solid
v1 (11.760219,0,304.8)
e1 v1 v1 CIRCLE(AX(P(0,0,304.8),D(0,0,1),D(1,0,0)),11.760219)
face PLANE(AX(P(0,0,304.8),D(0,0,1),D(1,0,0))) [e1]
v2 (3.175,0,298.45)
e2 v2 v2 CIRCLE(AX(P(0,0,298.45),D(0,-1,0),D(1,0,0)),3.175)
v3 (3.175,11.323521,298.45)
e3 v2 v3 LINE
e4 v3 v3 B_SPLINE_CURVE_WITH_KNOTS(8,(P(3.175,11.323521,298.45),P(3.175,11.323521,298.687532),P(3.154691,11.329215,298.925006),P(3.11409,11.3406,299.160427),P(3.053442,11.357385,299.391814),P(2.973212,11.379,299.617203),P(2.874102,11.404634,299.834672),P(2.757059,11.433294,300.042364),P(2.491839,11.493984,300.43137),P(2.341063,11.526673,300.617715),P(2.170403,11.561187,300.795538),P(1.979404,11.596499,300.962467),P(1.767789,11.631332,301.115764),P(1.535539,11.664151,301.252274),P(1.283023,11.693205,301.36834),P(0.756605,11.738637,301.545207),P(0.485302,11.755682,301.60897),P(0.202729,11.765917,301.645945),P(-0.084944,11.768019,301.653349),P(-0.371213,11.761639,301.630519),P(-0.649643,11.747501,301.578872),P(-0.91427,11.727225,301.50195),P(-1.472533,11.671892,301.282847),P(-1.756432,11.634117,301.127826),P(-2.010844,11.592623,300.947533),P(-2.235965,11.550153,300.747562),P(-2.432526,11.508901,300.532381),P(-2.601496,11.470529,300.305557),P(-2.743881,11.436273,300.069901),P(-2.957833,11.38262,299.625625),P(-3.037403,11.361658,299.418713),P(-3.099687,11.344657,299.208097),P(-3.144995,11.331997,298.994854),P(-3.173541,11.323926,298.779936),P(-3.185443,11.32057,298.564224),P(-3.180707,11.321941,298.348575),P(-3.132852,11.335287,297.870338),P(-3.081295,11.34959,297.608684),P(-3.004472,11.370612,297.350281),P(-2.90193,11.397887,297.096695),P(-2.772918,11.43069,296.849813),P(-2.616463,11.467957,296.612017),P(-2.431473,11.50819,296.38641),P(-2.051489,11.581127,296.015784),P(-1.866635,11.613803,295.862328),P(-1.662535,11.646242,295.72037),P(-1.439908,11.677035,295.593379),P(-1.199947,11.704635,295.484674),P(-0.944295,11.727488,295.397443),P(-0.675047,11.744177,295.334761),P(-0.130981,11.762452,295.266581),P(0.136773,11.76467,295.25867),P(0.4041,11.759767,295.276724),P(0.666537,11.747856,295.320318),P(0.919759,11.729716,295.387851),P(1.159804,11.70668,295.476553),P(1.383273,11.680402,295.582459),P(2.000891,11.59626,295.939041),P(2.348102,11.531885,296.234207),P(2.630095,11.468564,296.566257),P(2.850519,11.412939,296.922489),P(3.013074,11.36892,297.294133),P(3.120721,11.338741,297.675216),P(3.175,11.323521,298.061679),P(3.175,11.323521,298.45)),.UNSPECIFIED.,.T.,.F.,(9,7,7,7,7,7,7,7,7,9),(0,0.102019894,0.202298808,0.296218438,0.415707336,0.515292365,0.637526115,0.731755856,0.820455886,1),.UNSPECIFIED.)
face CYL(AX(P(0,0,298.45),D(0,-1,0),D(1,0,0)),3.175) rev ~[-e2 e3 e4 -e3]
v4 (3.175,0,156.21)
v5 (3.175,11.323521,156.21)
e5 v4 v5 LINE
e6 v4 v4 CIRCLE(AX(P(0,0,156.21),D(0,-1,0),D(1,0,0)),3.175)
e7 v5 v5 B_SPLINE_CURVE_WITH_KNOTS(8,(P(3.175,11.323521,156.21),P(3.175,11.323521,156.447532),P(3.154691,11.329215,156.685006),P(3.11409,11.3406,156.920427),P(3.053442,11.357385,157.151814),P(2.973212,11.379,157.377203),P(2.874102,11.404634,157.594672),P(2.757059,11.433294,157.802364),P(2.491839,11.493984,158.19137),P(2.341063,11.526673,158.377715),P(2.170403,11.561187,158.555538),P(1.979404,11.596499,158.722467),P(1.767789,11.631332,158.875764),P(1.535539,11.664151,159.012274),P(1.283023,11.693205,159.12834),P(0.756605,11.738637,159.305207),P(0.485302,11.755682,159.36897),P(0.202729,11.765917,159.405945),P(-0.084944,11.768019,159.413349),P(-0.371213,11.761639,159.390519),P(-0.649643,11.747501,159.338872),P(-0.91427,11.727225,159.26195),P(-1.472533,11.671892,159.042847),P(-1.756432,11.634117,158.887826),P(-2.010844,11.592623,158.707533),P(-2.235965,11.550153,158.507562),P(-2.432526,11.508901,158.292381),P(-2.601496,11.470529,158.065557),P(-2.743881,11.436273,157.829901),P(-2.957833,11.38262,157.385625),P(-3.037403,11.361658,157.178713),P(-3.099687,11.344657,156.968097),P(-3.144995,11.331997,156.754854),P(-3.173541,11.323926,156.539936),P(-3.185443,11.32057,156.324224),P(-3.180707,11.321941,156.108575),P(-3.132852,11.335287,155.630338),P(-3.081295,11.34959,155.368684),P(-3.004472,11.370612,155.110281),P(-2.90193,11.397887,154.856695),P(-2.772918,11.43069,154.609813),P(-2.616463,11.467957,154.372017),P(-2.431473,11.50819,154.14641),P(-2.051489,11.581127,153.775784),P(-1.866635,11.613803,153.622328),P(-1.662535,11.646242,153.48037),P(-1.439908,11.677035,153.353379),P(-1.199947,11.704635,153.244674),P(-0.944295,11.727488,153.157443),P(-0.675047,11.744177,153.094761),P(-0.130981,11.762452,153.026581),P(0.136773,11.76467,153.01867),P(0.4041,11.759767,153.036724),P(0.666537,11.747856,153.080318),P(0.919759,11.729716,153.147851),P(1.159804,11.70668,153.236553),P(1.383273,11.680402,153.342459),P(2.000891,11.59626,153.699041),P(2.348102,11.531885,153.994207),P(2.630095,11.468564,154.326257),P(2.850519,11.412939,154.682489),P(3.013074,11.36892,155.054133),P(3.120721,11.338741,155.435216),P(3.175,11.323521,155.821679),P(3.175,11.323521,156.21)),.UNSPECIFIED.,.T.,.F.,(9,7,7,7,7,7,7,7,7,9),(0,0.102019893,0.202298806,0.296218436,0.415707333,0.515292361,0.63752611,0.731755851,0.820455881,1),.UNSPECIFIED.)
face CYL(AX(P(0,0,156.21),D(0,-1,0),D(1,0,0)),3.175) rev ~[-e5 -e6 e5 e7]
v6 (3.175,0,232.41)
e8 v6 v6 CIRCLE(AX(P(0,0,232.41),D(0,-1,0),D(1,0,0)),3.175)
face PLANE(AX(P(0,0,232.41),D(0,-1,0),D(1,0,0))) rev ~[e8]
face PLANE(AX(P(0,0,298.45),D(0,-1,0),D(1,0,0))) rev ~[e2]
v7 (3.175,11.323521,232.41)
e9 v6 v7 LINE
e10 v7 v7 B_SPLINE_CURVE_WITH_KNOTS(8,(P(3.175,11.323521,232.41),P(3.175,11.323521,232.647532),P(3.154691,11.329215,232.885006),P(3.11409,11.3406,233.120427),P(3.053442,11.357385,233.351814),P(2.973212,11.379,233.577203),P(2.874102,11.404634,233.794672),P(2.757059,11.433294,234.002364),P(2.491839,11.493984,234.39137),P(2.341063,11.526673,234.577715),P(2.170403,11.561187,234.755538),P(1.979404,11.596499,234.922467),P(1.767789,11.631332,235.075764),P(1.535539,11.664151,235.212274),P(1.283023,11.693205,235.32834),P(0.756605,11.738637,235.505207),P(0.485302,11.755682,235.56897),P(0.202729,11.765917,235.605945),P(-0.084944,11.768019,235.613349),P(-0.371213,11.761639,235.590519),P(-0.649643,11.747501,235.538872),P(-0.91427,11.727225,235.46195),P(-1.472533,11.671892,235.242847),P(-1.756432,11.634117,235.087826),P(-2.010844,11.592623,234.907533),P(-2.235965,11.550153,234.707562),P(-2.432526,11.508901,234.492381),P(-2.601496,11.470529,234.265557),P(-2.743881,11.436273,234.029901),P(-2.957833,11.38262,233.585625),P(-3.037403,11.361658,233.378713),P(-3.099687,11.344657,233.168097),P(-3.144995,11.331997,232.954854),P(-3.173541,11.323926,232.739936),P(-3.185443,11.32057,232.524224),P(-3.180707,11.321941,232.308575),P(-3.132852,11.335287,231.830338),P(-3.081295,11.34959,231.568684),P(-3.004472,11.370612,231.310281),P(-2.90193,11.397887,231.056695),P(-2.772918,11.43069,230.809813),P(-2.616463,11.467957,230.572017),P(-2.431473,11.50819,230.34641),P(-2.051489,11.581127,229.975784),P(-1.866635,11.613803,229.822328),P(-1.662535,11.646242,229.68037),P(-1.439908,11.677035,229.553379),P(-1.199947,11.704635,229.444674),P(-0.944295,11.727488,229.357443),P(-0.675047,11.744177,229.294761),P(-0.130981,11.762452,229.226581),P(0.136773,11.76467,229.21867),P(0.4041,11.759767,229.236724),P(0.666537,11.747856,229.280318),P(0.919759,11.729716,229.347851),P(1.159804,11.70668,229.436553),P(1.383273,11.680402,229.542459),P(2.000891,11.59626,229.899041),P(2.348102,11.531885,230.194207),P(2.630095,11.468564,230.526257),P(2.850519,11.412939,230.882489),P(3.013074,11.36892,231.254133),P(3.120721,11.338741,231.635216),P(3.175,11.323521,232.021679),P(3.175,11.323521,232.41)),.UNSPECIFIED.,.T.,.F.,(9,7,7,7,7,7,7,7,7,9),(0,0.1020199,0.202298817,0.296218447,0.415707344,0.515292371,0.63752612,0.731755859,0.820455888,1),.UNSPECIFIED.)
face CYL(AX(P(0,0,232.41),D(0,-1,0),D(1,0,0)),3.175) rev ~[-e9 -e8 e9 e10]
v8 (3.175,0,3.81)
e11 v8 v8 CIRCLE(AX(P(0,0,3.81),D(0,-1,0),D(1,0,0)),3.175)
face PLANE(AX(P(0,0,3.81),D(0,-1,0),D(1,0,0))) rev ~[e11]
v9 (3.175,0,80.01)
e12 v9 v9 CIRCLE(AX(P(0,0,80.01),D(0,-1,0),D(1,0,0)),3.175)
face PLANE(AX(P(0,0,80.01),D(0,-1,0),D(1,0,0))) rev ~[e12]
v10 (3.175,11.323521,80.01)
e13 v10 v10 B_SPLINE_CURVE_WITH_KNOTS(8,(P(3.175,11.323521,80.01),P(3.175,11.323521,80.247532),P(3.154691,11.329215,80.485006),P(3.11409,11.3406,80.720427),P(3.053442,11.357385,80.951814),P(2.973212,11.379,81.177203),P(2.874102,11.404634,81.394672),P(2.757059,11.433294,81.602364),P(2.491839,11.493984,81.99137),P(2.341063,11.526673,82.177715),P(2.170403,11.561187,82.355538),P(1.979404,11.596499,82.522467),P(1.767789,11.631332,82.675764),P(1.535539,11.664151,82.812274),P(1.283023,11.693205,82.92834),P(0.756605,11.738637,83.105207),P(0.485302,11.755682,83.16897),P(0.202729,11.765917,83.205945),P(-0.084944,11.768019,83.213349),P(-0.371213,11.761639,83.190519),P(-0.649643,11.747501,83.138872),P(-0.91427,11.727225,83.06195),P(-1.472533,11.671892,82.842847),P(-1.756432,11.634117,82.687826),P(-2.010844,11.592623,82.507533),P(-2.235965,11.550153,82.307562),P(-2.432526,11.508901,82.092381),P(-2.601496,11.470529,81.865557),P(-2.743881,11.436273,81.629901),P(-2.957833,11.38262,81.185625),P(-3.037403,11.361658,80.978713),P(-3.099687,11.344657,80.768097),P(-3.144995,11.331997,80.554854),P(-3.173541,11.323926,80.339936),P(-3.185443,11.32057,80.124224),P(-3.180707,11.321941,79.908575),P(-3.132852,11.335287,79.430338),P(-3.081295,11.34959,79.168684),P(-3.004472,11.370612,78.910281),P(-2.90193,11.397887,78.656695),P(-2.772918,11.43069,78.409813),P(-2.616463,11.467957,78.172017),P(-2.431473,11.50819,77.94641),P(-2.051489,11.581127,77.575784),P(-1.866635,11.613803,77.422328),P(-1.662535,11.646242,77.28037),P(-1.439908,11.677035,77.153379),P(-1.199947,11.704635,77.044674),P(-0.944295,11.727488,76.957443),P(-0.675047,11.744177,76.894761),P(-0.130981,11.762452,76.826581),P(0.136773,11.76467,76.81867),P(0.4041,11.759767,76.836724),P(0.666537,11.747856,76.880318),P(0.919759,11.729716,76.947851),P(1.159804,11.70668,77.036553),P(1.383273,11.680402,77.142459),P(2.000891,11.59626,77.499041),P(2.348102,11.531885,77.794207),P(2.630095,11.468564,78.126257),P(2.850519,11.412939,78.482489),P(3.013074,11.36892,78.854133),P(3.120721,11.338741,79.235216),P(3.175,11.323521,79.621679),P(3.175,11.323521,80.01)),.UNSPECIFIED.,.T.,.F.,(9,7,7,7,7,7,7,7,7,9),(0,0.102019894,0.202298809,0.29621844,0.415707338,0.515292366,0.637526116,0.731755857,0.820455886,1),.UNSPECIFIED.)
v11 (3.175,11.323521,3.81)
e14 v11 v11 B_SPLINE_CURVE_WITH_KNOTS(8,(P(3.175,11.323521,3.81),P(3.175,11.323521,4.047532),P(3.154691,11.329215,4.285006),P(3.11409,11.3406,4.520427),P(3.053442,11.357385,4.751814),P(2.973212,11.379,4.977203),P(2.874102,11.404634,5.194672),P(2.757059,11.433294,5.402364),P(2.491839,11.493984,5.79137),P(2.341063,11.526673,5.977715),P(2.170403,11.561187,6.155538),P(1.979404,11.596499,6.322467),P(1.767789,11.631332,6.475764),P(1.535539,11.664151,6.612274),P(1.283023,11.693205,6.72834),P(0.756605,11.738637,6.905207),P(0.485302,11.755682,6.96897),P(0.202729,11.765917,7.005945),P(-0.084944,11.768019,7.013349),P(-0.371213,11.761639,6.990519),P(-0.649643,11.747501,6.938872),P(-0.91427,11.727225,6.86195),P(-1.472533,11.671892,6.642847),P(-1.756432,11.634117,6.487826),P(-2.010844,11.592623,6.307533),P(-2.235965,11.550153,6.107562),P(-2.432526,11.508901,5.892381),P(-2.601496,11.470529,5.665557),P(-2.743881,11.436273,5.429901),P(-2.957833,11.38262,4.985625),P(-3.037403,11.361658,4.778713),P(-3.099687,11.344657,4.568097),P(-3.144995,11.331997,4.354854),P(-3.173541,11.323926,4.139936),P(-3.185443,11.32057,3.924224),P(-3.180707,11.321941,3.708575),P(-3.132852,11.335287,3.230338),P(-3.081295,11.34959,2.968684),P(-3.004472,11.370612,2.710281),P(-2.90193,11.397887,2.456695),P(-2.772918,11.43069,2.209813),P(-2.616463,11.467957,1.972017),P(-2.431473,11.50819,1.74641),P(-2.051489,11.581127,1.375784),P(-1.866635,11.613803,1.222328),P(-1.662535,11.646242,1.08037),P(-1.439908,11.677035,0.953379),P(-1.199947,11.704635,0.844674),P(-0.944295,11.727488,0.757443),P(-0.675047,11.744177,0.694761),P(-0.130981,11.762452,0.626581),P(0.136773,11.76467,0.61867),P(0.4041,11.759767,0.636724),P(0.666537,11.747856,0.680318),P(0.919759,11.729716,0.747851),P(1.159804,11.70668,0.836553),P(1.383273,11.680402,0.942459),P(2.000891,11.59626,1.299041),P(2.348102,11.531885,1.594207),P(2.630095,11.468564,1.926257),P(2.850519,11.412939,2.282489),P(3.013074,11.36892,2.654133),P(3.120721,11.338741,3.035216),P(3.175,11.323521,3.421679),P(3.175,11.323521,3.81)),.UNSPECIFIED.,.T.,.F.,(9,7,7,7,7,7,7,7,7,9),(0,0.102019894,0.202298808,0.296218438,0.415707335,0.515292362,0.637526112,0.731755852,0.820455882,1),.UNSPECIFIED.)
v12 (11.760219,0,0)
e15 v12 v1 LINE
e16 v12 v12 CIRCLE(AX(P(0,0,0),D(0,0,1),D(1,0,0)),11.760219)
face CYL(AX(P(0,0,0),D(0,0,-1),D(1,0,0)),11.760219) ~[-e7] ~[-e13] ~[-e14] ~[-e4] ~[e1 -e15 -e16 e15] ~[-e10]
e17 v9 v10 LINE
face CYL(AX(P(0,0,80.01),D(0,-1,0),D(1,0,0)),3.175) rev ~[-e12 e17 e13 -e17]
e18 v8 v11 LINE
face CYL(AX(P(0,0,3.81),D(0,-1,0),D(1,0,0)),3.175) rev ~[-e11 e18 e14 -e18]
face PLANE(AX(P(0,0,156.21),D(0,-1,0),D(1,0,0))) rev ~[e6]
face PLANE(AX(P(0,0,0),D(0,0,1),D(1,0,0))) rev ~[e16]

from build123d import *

# Parameters (mm, degrees)
F0_R     = 11.7602189776
F1_DEPTH = 304.8
F3_D     = 6.35
F3_DEPTH = 11.7612189776


with BuildPart() as f1:
    # F0 (on Top) → F1 (new body)
    with BuildSketch(Plane.XY):
        Circle(F0_R)
    extrude(amount=F1_DEPTH)

    # F3 (through all, one way)
    with BuildSketch(Plane.XZ):
        with Locations((0, 156.21), (0, 80.01), (0, 3.81), (0, 232.41), (0, 298.45)):
            Circle(F3_D / 2)
    extrude(amount=-F3_DEPTH, mode=Mode.SUBTRACT)


solid = f1.part
